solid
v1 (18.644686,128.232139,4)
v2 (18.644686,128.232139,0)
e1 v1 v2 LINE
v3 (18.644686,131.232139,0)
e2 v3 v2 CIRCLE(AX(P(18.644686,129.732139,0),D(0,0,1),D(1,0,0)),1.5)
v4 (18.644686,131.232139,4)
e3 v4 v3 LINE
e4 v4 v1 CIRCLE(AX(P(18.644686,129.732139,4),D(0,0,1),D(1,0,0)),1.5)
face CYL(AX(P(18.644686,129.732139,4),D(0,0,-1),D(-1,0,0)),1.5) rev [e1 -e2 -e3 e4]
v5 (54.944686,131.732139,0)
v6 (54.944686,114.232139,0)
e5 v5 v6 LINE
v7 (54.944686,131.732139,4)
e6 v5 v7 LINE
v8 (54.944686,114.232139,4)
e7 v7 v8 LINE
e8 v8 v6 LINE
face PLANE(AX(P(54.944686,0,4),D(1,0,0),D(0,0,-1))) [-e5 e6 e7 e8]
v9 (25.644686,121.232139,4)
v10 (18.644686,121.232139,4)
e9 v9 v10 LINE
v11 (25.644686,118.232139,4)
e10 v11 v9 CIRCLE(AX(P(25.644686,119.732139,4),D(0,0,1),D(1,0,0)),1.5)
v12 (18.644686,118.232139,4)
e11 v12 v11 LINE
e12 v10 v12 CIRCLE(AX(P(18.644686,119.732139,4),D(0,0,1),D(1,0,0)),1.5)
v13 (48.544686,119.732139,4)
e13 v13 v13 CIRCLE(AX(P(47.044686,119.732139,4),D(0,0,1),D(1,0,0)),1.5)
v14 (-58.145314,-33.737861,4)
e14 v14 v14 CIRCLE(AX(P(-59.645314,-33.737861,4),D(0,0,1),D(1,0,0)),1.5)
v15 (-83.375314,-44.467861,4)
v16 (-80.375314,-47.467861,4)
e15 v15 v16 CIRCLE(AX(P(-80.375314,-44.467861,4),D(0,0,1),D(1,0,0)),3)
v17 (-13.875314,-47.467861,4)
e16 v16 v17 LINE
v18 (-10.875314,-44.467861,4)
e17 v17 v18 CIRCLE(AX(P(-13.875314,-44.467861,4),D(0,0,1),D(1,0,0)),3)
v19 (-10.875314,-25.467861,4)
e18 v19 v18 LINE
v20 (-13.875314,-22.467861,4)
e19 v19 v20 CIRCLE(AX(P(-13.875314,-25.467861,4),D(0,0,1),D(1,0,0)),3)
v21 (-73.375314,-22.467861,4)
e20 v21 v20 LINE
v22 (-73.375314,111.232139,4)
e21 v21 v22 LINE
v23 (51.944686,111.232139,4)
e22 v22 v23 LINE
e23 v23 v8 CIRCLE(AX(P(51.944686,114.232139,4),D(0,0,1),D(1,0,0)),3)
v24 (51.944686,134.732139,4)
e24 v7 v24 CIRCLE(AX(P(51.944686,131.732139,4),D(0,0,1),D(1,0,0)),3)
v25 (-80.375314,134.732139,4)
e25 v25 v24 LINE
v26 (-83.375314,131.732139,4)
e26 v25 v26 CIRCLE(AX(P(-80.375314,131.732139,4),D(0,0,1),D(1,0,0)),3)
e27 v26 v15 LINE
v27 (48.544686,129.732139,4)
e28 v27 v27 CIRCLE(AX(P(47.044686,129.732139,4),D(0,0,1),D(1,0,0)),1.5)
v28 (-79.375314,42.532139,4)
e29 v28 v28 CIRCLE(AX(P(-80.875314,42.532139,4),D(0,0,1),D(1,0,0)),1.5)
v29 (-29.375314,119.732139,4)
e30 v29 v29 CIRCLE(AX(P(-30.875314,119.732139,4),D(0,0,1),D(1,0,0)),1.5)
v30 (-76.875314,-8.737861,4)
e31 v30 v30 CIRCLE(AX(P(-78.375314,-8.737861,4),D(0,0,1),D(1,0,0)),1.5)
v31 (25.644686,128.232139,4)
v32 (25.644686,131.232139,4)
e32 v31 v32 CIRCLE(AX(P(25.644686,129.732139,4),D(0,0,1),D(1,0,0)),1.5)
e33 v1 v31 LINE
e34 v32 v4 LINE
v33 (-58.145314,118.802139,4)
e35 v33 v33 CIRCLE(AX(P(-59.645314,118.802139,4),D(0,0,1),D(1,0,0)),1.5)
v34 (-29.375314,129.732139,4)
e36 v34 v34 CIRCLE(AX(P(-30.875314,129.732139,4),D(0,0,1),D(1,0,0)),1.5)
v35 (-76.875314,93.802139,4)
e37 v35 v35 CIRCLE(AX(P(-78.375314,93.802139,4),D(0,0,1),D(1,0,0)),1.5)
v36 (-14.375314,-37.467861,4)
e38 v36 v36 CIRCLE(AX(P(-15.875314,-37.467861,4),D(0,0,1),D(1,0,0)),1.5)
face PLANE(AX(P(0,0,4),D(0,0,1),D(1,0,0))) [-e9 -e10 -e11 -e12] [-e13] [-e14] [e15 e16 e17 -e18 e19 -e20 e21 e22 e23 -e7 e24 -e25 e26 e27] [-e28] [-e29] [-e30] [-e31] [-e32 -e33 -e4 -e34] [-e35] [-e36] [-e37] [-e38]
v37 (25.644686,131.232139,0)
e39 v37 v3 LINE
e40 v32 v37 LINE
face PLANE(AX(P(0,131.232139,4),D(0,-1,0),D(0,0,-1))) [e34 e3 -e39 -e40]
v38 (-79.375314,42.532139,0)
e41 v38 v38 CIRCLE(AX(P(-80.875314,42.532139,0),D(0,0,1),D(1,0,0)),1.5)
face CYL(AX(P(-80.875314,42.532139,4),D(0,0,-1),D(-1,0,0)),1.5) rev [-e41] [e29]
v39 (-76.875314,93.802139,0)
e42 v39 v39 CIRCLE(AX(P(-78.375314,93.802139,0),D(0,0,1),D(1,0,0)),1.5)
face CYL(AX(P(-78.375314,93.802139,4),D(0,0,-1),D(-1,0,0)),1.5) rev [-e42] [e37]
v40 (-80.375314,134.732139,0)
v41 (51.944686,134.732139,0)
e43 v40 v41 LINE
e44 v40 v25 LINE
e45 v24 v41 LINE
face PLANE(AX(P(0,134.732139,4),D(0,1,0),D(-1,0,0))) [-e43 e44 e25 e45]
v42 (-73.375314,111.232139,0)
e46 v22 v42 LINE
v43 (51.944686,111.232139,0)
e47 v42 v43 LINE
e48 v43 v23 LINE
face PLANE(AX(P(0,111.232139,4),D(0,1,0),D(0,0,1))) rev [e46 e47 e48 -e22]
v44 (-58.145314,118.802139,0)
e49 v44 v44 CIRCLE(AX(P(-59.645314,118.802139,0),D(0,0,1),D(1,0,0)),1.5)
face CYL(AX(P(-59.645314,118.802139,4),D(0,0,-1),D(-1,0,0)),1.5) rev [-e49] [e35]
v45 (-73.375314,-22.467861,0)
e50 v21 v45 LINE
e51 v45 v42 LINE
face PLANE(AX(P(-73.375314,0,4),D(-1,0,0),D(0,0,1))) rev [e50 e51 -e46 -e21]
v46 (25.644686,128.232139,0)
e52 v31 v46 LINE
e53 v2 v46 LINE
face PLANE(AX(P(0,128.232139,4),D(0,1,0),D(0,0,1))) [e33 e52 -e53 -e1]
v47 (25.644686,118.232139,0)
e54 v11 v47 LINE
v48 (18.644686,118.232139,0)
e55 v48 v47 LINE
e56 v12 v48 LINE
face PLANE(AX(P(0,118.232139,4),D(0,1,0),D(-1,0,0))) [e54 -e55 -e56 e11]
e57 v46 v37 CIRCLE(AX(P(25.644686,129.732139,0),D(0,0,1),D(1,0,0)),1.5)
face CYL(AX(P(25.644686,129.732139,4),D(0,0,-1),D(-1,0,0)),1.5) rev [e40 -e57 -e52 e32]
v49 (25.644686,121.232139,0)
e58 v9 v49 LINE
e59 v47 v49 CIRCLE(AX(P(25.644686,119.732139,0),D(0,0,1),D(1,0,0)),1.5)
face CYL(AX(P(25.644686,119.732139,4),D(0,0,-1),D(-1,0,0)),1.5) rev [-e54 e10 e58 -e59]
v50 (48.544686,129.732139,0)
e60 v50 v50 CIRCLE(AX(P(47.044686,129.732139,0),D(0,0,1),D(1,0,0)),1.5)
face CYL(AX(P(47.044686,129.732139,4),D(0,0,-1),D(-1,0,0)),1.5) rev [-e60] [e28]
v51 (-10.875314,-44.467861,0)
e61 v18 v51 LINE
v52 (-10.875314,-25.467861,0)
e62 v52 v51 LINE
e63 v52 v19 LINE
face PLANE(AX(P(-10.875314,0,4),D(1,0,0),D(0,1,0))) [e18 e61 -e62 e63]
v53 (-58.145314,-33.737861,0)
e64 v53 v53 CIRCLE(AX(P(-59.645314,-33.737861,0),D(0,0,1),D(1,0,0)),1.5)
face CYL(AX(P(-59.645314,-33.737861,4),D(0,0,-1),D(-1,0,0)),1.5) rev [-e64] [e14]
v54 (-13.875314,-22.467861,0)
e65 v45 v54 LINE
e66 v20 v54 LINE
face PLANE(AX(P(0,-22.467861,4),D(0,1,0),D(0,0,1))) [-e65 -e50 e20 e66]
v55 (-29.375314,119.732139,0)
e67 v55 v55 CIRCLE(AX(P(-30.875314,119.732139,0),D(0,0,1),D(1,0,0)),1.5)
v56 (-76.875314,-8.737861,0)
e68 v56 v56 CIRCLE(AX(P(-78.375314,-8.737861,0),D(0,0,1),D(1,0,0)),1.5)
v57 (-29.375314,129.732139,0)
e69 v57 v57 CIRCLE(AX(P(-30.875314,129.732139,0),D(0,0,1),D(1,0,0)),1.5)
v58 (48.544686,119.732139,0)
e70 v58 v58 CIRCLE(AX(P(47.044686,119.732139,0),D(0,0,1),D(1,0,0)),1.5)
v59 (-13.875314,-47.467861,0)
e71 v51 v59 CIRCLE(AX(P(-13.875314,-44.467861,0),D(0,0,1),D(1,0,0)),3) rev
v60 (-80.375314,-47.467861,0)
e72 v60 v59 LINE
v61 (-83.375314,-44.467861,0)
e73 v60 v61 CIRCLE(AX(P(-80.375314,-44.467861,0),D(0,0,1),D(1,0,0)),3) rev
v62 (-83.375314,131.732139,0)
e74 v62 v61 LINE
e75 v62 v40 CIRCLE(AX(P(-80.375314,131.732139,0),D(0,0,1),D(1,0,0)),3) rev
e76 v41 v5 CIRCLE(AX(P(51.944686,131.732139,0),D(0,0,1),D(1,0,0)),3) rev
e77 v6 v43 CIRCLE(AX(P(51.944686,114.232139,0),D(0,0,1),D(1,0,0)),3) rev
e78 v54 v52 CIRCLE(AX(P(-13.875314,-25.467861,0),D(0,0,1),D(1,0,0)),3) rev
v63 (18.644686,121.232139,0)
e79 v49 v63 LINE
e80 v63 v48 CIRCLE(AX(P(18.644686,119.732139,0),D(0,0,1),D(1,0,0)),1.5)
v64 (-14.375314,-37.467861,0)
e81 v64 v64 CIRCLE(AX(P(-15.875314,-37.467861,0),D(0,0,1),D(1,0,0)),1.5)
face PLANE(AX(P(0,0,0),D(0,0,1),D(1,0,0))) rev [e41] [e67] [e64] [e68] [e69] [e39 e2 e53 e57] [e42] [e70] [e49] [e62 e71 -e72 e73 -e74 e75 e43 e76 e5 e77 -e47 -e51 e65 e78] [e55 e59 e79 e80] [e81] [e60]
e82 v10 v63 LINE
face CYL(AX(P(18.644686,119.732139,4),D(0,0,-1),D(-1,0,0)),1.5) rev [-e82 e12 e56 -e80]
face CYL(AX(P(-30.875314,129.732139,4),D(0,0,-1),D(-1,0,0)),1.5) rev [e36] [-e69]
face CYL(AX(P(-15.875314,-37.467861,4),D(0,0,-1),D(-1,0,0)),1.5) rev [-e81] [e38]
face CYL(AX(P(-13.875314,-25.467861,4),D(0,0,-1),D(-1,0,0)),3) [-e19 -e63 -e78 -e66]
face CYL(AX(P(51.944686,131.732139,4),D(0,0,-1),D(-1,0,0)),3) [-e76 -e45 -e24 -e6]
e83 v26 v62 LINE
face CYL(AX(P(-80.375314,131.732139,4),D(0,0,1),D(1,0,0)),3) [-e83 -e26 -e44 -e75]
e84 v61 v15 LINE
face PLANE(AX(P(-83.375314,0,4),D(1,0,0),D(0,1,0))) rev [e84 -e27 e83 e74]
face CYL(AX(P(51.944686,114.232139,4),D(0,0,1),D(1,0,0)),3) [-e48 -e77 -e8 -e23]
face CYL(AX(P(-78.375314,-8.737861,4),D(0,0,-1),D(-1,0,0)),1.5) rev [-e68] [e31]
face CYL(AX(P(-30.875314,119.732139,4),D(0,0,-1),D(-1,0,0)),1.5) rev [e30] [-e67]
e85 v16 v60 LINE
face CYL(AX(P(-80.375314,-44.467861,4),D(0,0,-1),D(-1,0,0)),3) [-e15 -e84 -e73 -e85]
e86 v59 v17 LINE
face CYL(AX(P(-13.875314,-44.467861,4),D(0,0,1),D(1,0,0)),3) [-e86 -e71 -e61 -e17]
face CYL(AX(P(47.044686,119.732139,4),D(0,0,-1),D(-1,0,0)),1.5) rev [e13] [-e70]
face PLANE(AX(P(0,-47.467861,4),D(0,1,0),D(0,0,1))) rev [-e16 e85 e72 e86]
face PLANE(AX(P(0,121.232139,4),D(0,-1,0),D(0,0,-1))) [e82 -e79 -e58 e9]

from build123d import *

# Parameters (mm, degrees)
SKETCH_2_R      = 1.5
EXTRUDE_3_DEPTH = 4
FILLET_1_R      = 3


with BuildPart() as part:
    # 草图2 → 凸台-拉伸3 (new body)
    with BuildSketch(Plane.XY):
        Polygon((-83.375314497, 134.732138716), (-83.375314497, -47.467861284), (-10.875314497, -47.467861284), (-10.875314497, -22.467861284), (-73.375314497, -22.467861284), (-73.375314497, 111.232138716), (54.944685503, 111.232138716), (54.944685503, 134.732138716), align=None)
        with Locations((-59.645314497, -33.737861284)):
            Circle(SKETCH_2_R, mode=Mode.SUBTRACT)
        with Locations((-15.875314497, -37.467861284)):
            Circle(SKETCH_2_R, mode=Mode.SUBTRACT)
        with Locations((-78.375314497, -8.737861284)):
            Circle(SKETCH_2_R, mode=Mode.SUBTRACT)
        with Locations((-80.875314497, 42.532138716)):
            Circle(SKETCH_2_R, mode=Mode.SUBTRACT)
        with Locations((-78.375314497, 93.802138716)):
            Circle(SKETCH_2_R, mode=Mode.SUBTRACT)
        with Locations((-59.645314497, 118.802138716)):
            Circle(SKETCH_2_R, mode=Mode.SUBTRACT)
        with Locations((-30.875314497, 119.732138716)):
            Circle(SKETCH_2_R, mode=Mode.SUBTRACT)
        with Locations((-30.875314497, 129.732138716)):
            Circle(SKETCH_2_R, mode=Mode.SUBTRACT)
        with BuildLine():
            ThreePointArc((25.644685503, 131.232138716), (27.144685503, 129.732138716), (25.644685503, 128.232138716))
            Line((25.644685503, 128.232138716), (18.644685503, 128.232138716))
            ThreePointArc((18.644685503, 128.232138716), (17.144685503, 129.732138716), (18.644685503, 131.232138716))
            Line((18.644685503, 131.232138716), (25.644685503, 131.232138716))
        make_face(mode=Mode.SUBTRACT)
        with BuildLine():
            Line((25.644685503, 118.232138716), (18.644685503, 118.232138716))
            ThreePointArc((18.644685503, 118.232138716), (17.144685503, 119.732138716), (18.644685503, 121.232138716))
            Line((18.644685503, 121.232138716), (25.644685503, 121.232138716))
            ThreePointArc((25.644685503, 121.232138716), (27.144685503, 119.732138716), (25.644685503, 118.232138716))
        make_face(mode=Mode.SUBTRACT)
        with Locations((47.044685503, 129.732138716)):
            Circle(SKETCH_2_R, mode=Mode.SUBTRACT)
        with Locations((47.044685503, 119.732138716)):
            Circle(SKETCH_2_R, mode=Mode.SUBTRACT)
    extrude(amount=EXTRUDE_3_DEPTH)

    # 圆角1
    fillet_1_edges = [part.edges().sort_by_distance(p)[0] for p in [
        (-10.875314497, -22.467861284, 2),
        (-10.875314497, -47.467861284, 2),
        (-83.375314497, -47.467861284, 2),
        (-83.375314497, 134.732138716, 2),
        (54.944685503, 134.732138716, 2),
        (54.944685503, 111.232138716, 2),
    ]]
    fillet(fillet_1_edges, radius=FILLET_1_R)


solid = part.part
